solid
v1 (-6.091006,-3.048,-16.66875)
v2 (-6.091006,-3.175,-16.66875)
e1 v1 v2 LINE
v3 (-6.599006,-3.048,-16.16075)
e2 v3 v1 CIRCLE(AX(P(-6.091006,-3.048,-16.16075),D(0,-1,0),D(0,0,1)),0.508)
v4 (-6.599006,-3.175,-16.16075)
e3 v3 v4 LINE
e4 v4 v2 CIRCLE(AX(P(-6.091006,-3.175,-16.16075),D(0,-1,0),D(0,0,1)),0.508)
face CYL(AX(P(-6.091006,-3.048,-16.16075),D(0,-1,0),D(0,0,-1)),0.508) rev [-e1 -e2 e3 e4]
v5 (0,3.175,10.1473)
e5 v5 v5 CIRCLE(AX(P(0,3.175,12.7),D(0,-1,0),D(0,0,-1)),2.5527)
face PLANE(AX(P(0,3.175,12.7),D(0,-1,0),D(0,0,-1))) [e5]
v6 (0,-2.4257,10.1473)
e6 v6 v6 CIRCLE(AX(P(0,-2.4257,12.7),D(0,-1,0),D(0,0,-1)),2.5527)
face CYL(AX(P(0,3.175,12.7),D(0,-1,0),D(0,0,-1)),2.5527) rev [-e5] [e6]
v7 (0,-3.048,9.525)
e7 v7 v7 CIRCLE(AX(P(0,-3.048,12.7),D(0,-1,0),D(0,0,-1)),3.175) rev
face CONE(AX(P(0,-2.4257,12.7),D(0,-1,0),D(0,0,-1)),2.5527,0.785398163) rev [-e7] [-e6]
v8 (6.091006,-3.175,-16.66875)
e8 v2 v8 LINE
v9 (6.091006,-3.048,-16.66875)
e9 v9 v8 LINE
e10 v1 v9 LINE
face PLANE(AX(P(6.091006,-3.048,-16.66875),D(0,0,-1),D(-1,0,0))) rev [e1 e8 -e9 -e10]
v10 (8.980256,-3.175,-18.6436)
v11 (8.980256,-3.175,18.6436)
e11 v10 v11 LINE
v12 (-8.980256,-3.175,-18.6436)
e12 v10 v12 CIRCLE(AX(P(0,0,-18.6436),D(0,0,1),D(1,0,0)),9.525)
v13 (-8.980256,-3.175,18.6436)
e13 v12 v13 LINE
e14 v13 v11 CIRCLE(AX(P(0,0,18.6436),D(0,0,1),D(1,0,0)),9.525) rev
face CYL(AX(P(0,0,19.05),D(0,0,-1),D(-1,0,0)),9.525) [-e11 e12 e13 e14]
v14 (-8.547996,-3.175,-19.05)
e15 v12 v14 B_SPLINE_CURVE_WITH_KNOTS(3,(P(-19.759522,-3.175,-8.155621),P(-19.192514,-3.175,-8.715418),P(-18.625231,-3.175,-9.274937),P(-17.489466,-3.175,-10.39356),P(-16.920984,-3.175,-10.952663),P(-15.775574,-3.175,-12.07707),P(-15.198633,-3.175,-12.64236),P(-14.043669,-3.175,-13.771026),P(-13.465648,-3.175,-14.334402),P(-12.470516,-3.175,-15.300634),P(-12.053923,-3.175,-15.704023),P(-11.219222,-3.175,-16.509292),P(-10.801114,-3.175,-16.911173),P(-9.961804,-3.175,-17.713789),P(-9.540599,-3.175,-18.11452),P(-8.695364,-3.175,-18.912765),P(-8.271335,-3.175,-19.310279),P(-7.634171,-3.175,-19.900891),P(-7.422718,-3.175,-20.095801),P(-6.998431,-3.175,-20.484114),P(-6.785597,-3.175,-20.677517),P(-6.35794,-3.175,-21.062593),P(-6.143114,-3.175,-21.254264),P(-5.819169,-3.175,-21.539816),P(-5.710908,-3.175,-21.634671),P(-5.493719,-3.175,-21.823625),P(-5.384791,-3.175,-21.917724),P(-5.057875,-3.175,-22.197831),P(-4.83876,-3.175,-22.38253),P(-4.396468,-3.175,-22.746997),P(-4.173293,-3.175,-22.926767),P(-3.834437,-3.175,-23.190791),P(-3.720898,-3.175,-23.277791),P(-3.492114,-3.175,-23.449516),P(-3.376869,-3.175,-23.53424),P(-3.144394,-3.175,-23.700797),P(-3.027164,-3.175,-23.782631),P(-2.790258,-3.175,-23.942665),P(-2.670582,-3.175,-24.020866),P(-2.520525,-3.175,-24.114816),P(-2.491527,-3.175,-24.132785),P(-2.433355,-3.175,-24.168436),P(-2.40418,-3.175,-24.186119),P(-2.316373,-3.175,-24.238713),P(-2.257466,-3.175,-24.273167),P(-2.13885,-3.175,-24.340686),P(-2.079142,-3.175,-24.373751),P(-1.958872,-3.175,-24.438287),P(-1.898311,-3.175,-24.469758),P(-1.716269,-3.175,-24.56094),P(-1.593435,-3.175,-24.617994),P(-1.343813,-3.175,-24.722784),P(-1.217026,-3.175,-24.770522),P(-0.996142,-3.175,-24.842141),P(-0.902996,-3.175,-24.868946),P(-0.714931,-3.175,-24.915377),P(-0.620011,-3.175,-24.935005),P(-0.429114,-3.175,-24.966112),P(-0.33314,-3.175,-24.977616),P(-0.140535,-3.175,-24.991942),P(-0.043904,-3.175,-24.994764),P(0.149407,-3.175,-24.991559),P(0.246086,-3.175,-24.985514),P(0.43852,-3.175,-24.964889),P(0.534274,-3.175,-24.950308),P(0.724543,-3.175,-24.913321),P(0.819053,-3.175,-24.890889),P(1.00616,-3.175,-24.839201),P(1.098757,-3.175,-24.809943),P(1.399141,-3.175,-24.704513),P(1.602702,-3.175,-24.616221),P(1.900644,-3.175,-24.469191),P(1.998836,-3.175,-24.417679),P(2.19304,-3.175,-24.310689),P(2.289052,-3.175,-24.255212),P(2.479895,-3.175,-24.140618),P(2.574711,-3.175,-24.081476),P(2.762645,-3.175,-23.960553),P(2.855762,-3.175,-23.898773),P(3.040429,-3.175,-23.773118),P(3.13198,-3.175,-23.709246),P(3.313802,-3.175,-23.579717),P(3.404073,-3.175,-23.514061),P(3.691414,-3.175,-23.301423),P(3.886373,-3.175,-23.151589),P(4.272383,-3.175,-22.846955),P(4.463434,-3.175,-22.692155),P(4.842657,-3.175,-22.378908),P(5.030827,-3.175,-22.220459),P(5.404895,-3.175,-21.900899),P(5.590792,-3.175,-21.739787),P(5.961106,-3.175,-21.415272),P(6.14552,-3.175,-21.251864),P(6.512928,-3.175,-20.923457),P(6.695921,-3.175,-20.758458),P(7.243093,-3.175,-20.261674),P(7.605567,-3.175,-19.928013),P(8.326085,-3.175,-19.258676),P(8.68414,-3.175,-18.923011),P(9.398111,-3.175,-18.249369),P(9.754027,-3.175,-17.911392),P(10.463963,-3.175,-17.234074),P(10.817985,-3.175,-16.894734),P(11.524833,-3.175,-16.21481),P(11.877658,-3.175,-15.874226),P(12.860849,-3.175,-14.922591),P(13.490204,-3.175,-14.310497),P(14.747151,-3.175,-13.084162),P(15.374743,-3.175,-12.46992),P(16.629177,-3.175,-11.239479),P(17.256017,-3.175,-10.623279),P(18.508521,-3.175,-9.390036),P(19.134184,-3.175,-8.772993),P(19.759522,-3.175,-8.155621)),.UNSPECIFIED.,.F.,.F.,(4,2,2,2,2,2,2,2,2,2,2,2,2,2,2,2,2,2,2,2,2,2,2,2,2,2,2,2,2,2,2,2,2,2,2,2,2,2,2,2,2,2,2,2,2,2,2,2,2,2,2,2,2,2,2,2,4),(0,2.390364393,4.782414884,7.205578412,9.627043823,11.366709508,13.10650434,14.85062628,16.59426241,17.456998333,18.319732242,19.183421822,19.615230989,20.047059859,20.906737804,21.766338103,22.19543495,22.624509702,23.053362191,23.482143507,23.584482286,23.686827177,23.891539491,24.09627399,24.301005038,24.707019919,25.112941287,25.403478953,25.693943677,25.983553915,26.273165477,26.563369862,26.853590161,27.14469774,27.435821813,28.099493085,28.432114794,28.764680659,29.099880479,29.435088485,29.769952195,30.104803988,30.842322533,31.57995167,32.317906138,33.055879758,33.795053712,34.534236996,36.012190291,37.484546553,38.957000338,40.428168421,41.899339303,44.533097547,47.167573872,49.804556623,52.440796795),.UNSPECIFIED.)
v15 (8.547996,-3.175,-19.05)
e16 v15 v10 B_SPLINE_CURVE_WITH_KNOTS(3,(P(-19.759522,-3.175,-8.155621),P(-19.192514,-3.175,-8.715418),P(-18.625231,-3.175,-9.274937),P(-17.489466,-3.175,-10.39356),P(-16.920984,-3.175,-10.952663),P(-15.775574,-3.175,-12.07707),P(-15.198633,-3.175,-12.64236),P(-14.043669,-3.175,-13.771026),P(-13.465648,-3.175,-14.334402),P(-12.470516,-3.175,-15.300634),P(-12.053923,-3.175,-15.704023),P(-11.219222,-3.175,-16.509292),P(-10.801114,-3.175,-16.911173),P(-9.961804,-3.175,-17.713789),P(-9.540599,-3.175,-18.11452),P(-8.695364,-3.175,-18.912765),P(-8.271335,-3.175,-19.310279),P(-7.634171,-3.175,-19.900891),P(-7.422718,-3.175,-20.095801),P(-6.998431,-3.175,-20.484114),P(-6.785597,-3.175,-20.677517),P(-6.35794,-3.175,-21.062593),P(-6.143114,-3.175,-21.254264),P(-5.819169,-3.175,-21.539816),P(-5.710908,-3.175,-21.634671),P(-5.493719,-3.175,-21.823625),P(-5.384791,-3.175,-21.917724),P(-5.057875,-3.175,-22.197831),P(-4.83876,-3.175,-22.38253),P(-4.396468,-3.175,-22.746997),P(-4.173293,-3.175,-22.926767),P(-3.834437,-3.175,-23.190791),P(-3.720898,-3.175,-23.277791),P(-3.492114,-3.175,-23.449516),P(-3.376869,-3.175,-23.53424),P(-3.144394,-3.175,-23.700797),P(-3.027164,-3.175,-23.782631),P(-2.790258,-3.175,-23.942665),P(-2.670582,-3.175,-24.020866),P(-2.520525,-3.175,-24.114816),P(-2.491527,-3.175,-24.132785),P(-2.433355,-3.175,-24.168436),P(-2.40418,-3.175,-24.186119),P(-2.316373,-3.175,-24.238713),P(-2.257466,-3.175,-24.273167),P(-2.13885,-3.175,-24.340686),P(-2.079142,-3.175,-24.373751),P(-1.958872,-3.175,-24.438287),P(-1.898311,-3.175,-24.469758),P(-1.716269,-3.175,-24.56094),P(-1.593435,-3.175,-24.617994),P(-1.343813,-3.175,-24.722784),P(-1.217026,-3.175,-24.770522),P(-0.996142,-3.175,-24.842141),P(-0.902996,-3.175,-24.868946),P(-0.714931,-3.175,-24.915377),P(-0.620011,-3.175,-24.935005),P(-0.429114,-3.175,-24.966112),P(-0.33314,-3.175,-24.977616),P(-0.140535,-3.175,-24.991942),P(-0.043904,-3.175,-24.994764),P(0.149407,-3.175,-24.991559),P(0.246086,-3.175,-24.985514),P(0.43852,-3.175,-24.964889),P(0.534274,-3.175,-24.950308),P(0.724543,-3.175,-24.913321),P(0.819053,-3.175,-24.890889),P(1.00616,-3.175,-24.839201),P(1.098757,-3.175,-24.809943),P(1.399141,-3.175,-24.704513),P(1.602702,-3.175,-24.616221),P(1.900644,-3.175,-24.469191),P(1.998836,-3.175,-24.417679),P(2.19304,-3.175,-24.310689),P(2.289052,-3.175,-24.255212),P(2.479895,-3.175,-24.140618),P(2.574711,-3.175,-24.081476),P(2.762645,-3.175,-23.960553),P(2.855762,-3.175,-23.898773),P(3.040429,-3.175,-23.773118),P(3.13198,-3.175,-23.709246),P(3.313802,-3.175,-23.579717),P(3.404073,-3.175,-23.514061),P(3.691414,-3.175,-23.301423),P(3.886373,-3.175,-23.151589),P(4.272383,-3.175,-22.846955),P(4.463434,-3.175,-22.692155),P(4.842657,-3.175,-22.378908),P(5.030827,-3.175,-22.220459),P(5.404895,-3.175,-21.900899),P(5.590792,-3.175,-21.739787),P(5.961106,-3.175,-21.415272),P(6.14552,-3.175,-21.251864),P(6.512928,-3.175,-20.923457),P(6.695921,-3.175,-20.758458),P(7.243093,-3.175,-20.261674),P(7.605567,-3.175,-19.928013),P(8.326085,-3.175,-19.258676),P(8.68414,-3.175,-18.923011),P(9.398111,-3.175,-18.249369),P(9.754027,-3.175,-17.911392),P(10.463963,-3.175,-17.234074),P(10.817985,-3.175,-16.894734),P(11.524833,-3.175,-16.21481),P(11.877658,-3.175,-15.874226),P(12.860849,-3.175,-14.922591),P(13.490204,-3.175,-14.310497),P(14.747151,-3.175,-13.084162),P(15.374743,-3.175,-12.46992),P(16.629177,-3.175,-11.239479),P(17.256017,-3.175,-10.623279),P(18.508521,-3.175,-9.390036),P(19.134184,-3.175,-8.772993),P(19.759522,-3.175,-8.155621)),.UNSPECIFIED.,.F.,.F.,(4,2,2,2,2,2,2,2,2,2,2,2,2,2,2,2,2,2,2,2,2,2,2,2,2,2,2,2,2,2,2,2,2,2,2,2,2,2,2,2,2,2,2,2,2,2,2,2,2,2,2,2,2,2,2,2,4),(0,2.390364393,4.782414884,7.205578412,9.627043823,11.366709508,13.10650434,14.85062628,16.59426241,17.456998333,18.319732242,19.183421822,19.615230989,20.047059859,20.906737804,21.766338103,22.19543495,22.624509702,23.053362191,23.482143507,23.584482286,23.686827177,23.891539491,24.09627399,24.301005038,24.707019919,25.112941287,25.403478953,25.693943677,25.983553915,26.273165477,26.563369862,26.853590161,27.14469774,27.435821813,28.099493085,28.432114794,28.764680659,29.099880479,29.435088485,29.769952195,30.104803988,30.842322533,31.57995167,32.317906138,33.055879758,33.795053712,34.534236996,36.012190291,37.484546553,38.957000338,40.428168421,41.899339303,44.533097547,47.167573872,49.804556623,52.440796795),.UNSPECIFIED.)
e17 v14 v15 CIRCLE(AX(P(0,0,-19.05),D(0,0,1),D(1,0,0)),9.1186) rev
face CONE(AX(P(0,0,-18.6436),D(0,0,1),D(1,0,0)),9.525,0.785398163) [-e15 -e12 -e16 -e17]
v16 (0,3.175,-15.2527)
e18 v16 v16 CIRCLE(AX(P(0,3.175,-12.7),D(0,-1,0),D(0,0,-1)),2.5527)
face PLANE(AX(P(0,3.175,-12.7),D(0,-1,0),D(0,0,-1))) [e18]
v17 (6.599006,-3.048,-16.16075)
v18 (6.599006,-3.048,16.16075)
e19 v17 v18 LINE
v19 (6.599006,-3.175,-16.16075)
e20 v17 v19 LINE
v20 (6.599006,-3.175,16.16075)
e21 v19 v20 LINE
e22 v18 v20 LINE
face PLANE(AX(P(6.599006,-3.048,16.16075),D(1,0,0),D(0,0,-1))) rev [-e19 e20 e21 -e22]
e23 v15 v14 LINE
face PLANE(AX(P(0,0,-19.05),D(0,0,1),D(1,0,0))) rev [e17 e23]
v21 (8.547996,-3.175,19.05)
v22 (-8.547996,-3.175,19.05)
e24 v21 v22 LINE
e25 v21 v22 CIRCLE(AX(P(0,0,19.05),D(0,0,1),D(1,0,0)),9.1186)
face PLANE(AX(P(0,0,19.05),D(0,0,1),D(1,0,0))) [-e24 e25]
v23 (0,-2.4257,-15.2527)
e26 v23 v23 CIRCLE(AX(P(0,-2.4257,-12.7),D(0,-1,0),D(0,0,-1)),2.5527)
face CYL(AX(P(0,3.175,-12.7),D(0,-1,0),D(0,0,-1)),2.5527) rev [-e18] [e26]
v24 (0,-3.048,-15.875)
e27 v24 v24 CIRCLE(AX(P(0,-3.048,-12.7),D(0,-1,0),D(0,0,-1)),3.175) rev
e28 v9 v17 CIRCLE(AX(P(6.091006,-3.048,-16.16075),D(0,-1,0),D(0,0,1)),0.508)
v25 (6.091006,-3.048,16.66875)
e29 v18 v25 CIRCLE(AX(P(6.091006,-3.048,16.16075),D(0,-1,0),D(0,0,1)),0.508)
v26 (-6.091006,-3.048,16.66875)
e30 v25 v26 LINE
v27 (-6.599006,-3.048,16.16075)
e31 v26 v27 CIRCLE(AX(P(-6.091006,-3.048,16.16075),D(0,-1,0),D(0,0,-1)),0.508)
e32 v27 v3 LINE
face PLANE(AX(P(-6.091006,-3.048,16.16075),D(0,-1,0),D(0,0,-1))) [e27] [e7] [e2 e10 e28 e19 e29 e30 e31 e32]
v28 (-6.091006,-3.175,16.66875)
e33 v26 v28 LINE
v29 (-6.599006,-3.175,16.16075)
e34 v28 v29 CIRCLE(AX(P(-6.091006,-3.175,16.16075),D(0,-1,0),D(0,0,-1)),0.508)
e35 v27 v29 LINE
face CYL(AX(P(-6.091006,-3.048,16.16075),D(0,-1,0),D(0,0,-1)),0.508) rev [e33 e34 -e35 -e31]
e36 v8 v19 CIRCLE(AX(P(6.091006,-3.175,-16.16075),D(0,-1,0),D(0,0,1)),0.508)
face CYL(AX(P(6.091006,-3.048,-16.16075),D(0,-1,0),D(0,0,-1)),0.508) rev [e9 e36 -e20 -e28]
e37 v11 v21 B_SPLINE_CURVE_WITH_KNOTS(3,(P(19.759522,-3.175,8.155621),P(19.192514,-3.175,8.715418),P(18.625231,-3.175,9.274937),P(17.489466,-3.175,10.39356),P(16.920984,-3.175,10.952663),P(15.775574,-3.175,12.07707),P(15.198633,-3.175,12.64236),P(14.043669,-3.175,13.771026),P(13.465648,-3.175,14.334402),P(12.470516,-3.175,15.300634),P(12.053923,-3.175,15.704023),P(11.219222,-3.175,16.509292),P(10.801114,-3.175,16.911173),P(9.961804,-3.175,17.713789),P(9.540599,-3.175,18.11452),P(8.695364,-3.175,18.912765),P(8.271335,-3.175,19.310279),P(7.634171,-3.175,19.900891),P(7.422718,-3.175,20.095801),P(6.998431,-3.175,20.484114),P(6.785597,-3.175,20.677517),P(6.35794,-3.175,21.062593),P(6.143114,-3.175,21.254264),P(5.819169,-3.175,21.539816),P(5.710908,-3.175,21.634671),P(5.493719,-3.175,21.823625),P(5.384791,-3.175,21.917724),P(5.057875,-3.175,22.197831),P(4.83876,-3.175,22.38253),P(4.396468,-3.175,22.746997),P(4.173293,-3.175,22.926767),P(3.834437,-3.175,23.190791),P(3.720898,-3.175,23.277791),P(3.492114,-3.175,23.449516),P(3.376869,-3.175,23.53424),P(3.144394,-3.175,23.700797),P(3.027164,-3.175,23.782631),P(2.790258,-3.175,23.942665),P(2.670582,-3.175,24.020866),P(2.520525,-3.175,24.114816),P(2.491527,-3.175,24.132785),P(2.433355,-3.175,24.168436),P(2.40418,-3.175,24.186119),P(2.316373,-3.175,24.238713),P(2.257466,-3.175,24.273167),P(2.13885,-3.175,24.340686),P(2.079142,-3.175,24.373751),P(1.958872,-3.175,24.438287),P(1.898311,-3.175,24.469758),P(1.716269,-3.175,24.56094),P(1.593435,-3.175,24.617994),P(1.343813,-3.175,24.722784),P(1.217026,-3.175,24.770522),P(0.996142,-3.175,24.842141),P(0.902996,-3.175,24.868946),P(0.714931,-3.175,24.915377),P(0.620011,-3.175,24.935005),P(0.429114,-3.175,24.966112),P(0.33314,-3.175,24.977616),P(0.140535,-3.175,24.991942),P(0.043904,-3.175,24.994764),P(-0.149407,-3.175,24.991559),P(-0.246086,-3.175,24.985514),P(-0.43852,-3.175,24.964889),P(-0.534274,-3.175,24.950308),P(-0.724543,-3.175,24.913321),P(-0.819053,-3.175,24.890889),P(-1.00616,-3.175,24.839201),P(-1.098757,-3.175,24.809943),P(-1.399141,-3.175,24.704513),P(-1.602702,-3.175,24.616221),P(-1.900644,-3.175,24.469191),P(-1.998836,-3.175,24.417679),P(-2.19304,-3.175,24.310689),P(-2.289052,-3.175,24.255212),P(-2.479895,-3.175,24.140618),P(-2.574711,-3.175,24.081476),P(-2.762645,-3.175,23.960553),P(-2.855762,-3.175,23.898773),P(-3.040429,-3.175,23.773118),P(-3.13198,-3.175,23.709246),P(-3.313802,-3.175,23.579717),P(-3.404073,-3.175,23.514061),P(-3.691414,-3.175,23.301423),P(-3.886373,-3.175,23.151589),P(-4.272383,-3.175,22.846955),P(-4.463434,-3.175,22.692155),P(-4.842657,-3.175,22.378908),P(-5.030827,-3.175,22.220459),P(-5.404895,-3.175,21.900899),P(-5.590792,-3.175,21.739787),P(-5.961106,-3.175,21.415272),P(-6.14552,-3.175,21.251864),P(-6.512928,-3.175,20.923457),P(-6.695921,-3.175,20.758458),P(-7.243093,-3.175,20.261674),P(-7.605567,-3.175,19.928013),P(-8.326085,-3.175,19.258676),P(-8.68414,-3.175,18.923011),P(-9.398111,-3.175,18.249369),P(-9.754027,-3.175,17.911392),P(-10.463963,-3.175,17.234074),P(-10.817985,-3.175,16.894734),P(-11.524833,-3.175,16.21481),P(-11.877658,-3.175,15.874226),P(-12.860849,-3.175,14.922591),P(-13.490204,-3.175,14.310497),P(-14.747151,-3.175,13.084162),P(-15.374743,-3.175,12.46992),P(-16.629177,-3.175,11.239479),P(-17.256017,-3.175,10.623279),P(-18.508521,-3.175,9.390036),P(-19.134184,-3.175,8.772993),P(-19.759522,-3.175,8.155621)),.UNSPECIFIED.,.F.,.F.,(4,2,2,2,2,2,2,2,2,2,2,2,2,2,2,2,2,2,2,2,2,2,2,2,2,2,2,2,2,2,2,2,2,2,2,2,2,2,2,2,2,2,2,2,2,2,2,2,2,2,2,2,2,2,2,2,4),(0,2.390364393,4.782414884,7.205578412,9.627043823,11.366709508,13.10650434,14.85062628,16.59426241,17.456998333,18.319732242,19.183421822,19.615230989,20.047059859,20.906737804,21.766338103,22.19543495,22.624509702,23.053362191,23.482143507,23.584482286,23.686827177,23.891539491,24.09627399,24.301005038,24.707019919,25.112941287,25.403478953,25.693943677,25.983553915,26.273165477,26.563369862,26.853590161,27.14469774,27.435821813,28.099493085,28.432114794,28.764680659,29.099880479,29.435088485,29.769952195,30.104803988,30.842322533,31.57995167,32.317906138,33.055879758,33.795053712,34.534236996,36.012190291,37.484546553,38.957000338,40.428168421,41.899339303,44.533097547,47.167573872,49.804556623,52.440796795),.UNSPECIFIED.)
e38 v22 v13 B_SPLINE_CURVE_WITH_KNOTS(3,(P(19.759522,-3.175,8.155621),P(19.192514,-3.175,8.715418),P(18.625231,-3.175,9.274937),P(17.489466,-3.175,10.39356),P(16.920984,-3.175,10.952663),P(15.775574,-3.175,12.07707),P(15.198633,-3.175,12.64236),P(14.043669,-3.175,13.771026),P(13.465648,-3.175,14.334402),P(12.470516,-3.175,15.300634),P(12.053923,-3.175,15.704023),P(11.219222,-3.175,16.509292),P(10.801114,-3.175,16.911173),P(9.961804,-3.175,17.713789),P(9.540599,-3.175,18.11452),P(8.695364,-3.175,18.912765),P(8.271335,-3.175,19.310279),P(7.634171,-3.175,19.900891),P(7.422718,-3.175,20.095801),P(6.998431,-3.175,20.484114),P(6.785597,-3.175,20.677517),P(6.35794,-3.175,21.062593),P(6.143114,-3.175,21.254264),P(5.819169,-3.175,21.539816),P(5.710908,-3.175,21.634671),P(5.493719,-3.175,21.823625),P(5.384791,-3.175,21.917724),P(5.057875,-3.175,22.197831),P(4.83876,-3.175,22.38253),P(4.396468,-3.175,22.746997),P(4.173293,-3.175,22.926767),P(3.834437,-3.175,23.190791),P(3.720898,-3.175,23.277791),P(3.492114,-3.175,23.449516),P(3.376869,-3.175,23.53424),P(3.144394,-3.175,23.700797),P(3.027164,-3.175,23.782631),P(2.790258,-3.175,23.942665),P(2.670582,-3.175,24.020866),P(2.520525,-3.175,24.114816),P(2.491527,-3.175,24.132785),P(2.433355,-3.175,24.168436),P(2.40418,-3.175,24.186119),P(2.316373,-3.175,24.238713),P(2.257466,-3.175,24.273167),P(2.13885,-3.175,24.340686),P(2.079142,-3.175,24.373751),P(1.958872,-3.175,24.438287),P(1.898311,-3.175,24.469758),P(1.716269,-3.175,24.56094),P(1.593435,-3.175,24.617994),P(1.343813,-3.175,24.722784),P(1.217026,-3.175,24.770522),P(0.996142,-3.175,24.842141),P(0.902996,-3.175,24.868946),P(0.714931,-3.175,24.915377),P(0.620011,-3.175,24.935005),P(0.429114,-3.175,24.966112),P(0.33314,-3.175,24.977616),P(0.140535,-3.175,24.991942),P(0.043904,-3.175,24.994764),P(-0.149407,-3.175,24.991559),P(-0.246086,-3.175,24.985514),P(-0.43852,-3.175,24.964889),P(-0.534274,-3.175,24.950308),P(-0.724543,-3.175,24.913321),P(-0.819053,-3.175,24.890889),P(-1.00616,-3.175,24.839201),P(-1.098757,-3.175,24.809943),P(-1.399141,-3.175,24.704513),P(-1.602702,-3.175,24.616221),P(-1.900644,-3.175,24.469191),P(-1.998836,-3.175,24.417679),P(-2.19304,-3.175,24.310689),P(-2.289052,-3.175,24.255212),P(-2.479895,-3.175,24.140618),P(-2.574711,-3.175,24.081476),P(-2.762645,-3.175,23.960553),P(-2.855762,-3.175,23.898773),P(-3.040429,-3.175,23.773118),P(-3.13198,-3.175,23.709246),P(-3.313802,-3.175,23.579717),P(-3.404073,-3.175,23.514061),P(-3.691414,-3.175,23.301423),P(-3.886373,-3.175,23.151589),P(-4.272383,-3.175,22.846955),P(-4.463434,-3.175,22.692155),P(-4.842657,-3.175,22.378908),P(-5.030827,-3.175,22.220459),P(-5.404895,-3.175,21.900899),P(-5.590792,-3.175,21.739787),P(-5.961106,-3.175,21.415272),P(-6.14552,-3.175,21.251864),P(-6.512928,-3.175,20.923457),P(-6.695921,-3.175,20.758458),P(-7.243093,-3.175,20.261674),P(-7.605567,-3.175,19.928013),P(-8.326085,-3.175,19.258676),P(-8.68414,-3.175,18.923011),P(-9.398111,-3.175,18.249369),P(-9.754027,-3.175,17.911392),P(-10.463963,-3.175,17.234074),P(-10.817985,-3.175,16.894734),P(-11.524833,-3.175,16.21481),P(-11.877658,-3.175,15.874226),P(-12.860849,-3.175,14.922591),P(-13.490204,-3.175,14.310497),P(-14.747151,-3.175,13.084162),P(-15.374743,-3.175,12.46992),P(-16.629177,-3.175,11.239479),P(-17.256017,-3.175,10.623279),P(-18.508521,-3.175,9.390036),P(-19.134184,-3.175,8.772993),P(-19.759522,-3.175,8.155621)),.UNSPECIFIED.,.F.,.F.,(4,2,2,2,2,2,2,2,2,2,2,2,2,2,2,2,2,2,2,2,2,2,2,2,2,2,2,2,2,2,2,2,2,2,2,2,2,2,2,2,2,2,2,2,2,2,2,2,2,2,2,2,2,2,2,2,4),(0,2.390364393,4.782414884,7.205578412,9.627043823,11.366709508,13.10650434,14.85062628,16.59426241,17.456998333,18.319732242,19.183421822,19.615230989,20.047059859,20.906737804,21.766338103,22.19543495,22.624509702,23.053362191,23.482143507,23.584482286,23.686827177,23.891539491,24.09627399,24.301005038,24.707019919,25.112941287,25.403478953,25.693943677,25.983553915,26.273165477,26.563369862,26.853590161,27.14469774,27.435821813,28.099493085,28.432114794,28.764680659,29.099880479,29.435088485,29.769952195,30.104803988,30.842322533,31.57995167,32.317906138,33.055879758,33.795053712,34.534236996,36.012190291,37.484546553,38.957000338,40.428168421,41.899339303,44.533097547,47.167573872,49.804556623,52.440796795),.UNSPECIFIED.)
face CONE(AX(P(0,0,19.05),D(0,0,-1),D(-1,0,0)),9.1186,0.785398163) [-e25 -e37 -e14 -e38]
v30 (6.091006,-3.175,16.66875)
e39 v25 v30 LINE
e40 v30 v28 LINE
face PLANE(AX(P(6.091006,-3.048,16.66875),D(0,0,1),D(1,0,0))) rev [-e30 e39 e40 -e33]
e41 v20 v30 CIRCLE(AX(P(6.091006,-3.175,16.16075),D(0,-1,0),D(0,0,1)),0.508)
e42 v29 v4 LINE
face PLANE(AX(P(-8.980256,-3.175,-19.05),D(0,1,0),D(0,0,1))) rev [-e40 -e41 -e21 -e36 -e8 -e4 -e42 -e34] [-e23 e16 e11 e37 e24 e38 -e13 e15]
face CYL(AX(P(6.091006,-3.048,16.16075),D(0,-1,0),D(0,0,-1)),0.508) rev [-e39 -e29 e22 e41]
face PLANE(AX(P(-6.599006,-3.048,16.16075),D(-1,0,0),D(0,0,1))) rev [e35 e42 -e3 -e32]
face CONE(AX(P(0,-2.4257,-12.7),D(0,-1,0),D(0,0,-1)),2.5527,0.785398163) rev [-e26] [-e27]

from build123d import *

# Parameters (mm, degrees)
SKETCH1_R            = 9.525
EXTRUDE1_DEPTH       = 19.05
CHAMFER1_SIZE        = 0.4064
TRUNCATED_DEPTH      = 20.05
TRUNCATED_DEPTH_BACK = 20.05
RECESSED_DEPTH       = 0.127
SKETCH4_R            = 2.5527
THREADED_DEPTH       = 6.35
CHAMFER2_SIZE        = 0.6223


with BuildPart() as part:
    # Sketch1 → Extrude1 (new body, symmetric)
    with BuildSketch(Plane.XY):
        Circle(SKETCH1_R)
    extrude(amount=EXTRUDE1_DEPTH, both=True)

    # Chamfer1
    chamfer1_edges = [part.edges().sort_by_distance(p)[0] for p in [
        (-9.525, 0, -19.05),
        (-9.525, 0, 19.05),
    ]]
    chamfer(chamfer1_edges, length=CHAMFER1_SIZE)

    # Sketch2 → Truncated (cut, two sides)
    with BuildSketch(Plane.XY) as truncated_sk:
        with BuildLine():
            Line((-8.980256121, -3.175), (8.980256121, -3.175))
            ThreePointArc((8.980256121, -3.175), (0, -9.525), (-8.980256121, -3.175))
        make_face()
    extrude(amount=TRUNCATED_DEPTH, mode=Mode.SUBTRACT)
    extrude(truncated_sk.sketch, amount=-TRUNCATED_DEPTH_BACK, mode=Mode.SUBTRACT)

    # Sketch3 → Recessed (cut)
    with BuildSketch(Plane.XZ.offset(3.175)):
        with BuildLine():
            Line((6.091006121, 16.66875), (-6.091006121, 16.66875))
            ThreePointArc((-6.091006121, 16.66875), (-6.450216366, 16.519960245), (-6.599006121, 16.16075))
            Line((-6.599006121, 16.16075), (-6.599006121, -16.16075))
            ThreePointArc((-6.599006121, -16.16075), (-6.450216366, -16.519960245), (-6.091006121, -16.66875))
            Line((-6.091006121, -16.66875), (6.091006121, -16.66875))
            ThreePointArc((6.091006121, -16.66875), (6.450216366, -16.519960245), (6.599006121, -16.16075))
            Line((6.599006121, -16.16075), (6.599006121, 16.16075))
            ThreePointArc((6.599006121, 16.16075), (6.450216366, 16.519960245), (6.091006121, 16.66875))
        make_face()
    extrude(amount=-RECESSED_DEPTH, mode=Mode.SUBTRACT)

    # Sketch4 → Threaded (cut)
    with BuildSketch(Plane.XZ.offset(3.175)):
        with Locations(Location((0, 12.7, 0), (0, 0, 270))):  # turned: the seam where the file's is
            Circle(SKETCH4_R)
        with Locations(Location((0, -12.7, 0), (0, 0, 270))):  # turned: the seam where the file's is
            Circle(SKETCH4_R)
    extrude(amount=-THREADED_DEPTH, mode=Mode.SUBTRACT)

    # Chamfer2
    chamfer2_edges = [part.edges().sort_by_distance(p)[0] for p in [
        (0, -3.048, 15.2527),
        (0, -3.048, -10.1473),
    ]]
    chamfer(chamfer2_edges, length=CHAMFER2_SIZE)


solid = part.part
